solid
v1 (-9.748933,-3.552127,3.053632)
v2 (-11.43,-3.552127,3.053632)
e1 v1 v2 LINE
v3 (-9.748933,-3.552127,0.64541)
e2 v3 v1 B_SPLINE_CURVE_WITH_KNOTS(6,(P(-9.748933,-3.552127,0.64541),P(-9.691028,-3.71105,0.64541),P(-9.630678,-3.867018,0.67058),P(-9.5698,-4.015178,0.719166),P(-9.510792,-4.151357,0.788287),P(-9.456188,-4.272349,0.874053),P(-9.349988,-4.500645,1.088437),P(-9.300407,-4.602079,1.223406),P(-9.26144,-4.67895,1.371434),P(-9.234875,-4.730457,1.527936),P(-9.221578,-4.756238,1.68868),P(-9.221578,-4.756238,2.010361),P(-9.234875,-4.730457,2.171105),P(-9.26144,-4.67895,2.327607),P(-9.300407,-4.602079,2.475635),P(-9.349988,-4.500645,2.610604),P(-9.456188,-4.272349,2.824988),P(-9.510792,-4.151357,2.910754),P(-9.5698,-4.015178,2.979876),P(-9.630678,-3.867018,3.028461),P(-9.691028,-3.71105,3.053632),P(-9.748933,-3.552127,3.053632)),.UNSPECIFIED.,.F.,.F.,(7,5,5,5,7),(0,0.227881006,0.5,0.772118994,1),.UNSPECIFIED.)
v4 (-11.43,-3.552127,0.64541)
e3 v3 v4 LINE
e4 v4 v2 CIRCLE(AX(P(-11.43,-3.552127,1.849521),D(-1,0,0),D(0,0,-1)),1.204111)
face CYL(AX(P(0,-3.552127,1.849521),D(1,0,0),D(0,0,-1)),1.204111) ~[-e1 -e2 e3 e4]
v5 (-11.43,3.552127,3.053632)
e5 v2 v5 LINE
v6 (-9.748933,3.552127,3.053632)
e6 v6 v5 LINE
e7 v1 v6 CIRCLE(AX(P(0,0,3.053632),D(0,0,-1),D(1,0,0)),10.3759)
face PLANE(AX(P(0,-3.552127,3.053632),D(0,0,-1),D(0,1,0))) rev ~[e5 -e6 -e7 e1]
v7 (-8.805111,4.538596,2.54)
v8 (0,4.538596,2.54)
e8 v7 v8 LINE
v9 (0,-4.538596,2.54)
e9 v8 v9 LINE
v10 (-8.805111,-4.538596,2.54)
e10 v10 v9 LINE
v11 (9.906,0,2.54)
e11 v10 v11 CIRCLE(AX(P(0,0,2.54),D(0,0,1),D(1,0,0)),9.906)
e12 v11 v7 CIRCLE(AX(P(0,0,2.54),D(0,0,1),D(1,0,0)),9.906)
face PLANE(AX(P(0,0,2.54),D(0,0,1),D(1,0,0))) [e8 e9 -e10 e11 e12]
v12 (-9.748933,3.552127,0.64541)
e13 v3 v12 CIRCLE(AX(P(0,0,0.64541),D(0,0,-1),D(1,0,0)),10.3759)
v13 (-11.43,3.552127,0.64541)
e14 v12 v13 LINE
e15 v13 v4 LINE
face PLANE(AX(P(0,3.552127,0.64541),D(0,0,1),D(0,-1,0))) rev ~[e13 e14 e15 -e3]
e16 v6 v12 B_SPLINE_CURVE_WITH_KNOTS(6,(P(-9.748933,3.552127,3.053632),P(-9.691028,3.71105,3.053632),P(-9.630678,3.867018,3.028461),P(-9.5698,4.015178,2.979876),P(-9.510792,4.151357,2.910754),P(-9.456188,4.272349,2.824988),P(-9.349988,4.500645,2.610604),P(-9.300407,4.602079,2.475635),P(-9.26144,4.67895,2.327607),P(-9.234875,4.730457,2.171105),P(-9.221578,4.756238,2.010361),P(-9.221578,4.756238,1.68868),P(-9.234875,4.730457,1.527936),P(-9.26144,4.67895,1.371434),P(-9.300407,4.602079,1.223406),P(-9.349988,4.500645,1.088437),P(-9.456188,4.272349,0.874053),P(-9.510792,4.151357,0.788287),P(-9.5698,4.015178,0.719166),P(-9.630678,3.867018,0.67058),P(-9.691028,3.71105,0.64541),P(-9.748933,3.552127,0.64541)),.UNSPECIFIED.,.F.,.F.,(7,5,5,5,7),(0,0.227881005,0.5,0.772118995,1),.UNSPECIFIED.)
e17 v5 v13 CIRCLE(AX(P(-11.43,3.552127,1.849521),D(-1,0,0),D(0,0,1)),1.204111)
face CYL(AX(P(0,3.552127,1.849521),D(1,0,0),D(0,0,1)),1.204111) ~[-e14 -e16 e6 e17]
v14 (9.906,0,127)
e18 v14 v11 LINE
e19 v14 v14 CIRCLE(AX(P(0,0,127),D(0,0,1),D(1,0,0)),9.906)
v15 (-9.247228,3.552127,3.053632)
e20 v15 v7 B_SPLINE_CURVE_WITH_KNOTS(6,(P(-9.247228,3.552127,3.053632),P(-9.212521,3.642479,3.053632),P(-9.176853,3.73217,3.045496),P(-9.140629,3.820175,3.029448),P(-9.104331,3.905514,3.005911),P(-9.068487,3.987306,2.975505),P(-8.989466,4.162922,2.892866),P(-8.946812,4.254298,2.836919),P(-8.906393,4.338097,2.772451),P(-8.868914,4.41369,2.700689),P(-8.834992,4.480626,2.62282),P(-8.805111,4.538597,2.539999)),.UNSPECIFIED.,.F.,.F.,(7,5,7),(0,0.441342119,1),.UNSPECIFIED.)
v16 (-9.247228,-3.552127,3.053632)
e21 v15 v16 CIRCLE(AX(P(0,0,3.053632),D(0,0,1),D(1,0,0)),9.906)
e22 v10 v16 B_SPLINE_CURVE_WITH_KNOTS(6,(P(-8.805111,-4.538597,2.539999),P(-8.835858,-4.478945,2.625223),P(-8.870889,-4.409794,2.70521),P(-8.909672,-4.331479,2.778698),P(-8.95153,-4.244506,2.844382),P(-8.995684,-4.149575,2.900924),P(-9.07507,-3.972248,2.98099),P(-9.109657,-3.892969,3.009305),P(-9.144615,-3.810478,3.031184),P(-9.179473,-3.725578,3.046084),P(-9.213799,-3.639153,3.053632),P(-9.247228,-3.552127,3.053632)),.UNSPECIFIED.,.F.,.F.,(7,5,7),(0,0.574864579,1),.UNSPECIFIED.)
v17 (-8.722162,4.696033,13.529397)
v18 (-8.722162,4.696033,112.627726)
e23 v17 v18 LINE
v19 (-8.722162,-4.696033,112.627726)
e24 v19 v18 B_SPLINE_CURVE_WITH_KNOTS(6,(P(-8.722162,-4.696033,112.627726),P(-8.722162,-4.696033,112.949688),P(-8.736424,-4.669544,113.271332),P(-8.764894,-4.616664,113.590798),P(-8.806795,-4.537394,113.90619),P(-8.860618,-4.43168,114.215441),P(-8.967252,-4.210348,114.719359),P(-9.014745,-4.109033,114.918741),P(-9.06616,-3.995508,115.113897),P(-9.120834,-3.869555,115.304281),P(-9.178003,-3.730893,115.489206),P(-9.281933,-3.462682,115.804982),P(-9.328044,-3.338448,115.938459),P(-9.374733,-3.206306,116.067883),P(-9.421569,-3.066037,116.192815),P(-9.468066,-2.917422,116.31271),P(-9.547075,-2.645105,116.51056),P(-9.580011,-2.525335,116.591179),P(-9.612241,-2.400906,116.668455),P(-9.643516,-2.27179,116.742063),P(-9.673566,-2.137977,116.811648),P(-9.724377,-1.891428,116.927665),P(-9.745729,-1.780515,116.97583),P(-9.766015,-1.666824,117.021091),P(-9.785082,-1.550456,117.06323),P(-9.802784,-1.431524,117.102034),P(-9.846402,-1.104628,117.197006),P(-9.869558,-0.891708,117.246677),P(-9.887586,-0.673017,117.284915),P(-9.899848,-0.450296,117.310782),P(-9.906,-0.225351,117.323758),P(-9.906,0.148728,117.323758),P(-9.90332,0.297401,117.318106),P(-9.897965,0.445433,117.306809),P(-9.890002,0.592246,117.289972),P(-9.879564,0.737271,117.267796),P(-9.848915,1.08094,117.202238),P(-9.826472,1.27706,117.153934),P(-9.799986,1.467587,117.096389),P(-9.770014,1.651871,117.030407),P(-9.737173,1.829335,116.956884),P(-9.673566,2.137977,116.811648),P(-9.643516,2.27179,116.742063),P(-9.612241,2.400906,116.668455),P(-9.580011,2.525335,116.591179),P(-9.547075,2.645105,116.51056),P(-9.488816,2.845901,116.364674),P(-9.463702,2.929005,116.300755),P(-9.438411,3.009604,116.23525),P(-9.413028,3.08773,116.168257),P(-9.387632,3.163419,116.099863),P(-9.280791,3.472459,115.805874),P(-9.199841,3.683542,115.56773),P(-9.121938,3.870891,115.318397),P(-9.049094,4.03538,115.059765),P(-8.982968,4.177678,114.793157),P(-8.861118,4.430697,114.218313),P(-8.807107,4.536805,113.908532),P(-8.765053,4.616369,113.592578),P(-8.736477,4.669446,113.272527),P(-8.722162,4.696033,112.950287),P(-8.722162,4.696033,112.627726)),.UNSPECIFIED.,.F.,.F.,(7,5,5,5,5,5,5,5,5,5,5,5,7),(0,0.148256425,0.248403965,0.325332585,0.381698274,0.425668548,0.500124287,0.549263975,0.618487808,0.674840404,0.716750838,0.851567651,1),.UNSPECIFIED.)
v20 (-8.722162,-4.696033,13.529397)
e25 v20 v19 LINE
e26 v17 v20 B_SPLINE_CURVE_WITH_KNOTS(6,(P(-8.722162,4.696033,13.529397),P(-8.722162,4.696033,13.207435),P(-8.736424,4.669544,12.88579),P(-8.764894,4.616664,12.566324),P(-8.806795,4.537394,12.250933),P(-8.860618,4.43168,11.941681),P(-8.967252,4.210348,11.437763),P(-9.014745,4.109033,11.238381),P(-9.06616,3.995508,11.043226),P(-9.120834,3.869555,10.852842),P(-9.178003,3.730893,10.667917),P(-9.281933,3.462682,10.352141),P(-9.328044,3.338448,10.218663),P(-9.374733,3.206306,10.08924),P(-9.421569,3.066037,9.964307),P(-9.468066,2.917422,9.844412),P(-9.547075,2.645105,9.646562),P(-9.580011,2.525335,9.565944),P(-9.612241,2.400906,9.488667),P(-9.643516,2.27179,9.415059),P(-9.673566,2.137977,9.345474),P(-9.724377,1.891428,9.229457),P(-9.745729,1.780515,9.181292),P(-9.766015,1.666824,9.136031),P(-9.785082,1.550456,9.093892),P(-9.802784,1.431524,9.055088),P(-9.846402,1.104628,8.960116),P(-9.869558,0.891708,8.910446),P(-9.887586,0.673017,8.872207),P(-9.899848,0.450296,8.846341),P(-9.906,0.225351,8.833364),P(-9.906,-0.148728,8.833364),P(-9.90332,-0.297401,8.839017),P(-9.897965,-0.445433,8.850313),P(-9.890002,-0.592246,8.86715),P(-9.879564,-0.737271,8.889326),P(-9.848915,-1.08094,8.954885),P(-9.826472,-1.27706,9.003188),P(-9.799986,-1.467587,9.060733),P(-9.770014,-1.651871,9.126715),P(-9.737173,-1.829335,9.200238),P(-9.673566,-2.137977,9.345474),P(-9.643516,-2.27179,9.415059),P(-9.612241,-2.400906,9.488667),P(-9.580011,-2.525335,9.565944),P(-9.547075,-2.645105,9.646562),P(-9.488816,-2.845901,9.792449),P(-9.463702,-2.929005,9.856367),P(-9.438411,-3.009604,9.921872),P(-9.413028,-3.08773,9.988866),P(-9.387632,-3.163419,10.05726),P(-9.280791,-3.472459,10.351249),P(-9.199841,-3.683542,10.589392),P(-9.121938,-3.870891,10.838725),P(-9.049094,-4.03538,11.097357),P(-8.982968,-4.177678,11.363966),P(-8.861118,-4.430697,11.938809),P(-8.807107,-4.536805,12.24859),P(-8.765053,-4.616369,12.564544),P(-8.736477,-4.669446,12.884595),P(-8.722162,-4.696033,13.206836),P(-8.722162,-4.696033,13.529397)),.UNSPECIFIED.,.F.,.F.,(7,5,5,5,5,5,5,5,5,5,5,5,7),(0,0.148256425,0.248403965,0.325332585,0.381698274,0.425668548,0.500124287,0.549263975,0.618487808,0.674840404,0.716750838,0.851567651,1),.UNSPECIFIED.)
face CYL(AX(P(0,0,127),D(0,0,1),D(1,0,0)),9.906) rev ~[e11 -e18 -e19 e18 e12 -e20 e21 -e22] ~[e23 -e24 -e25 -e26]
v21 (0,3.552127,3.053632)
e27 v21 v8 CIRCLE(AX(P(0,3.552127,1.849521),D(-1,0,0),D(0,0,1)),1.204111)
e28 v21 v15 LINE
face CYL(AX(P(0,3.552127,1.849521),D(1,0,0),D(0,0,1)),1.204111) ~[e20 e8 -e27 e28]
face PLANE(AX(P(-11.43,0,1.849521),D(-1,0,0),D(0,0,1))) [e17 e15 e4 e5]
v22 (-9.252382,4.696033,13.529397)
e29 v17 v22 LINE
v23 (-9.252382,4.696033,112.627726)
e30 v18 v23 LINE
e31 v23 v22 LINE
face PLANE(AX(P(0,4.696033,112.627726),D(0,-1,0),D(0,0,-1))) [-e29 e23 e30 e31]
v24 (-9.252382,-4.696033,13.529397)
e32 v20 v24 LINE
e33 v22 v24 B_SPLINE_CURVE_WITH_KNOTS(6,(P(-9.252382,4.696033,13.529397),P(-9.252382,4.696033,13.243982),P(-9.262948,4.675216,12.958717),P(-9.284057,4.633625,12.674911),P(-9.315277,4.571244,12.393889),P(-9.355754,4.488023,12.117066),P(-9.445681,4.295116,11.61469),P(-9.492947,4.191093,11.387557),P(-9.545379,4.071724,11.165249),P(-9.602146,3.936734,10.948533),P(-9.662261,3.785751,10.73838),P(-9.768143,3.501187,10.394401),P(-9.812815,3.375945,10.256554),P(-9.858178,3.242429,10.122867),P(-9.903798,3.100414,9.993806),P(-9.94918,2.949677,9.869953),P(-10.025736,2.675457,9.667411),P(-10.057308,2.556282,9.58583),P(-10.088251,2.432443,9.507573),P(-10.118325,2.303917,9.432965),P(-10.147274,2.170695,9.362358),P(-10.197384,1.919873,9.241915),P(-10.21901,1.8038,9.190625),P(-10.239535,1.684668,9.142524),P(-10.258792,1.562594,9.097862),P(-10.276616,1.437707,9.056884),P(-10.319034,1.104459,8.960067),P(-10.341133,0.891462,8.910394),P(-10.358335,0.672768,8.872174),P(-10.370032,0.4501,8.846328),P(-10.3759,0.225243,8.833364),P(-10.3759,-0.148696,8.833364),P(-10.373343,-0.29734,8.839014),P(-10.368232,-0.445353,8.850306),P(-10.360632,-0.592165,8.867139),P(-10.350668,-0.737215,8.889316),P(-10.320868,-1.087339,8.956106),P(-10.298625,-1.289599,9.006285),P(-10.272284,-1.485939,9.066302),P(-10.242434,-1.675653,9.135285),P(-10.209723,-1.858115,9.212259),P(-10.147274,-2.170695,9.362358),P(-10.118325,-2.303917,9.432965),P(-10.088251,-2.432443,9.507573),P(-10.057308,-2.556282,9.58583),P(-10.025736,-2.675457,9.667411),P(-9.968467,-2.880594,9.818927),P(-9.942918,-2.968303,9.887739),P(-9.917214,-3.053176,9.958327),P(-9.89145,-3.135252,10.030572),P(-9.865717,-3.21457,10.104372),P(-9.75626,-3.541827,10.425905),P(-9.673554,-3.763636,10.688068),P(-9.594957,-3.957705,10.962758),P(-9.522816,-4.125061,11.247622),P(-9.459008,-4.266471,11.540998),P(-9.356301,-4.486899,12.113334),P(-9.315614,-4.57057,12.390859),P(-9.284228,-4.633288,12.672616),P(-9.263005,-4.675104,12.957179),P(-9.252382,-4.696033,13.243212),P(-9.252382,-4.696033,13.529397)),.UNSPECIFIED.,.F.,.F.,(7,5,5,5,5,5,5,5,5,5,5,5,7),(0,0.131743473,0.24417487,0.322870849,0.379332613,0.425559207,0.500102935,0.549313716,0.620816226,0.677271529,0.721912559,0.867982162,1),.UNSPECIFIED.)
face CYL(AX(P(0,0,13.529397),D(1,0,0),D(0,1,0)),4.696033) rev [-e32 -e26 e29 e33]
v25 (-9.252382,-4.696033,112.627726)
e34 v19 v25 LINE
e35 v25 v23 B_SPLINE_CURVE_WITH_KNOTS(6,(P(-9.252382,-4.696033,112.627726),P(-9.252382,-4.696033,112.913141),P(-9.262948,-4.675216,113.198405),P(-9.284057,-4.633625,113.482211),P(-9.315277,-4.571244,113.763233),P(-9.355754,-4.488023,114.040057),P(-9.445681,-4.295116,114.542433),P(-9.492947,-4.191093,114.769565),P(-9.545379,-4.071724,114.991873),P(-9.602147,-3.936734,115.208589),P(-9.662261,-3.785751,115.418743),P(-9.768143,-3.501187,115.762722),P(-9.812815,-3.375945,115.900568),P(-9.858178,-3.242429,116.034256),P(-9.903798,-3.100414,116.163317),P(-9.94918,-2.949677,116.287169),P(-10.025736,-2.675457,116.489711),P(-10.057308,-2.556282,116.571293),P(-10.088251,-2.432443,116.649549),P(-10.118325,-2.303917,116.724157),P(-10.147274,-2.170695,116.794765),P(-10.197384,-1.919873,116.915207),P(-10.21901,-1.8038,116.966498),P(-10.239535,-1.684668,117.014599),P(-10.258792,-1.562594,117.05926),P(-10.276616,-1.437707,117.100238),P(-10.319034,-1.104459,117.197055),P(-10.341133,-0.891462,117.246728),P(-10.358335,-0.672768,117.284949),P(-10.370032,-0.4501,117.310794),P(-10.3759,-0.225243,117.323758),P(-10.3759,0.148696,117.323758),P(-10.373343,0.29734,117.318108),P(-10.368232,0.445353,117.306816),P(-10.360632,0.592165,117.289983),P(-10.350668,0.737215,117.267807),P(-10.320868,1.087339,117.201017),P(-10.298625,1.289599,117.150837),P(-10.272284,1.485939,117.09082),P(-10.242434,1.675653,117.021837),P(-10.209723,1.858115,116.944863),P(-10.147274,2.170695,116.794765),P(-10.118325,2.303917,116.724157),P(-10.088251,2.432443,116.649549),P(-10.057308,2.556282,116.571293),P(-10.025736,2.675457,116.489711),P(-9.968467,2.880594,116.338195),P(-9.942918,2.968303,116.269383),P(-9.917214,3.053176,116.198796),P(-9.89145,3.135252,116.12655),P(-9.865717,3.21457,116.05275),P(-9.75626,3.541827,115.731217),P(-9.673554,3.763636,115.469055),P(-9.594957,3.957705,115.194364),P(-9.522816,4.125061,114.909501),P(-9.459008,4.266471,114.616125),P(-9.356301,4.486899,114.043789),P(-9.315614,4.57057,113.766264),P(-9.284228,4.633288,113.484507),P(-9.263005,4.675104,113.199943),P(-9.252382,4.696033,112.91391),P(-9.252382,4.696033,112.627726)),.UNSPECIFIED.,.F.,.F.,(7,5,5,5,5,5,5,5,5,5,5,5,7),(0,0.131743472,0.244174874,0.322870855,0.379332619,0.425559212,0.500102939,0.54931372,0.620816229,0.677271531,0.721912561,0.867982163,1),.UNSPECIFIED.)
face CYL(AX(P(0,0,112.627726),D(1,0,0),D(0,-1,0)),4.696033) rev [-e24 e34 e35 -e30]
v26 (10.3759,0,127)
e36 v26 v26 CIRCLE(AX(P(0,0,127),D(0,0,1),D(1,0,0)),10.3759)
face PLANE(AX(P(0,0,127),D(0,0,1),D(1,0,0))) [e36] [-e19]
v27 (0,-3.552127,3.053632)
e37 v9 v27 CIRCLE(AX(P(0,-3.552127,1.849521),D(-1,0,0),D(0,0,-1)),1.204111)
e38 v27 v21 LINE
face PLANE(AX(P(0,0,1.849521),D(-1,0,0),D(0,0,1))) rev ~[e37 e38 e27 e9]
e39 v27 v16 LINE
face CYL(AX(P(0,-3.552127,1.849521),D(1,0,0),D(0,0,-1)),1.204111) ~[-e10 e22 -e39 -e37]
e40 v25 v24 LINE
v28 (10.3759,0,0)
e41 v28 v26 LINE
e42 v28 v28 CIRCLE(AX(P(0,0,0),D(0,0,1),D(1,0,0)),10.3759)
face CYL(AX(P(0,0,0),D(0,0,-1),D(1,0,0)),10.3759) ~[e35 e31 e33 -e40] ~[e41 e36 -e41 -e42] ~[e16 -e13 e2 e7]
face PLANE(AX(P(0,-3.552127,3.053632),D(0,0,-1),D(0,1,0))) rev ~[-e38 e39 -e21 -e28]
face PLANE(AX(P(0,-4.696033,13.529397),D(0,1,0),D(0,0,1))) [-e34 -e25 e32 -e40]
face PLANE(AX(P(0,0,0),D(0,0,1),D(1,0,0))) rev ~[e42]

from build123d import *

# Parameters (mm, degrees)
SKETCH2_R           = 10.3759
BOSS_EXTRUDE1_DEPTH = 127
SKETCH3_R           = 9.906
CUT_EXTRUDE1_DEPTH  = 124.46
CUT_EXTRUDE2_DEPTH  = 12.7
BOSS_EXTRUDE2_DEPTH = 11.43


with BuildPart() as part:
    # Sketch2 → Boss-Extrude1 (new body)
    with BuildSketch(Plane.XY):
        Circle(SKETCH2_R)
    extrude(amount=BOSS_EXTRUDE1_DEPTH)

    # Sketch3 → Cut-Extrude1 (cut)
    with BuildSketch(Plane.XY.offset(127)):
        Circle(SKETCH3_R)
    extrude(amount=-CUT_EXTRUDE1_DEPTH, mode=Mode.SUBTRACT)

    # Sketch4 → Cut-Extrude2 (cut)
    with BuildSketch(Plane(origin=(0, 0, 0), x_dir=(0, 0, -1), z_dir=(1, 0, 0))):
        with BuildLine():
            Line((-112.627725765, 4.69603261), (-13.529396587, 4.69603261))
            ThreePointArc((-13.529396587, 4.69603261), (-8.833363977, 0), (-13.529396587, -4.69603261))
            Line((-13.529396587, -4.69603261), (-112.627725765, -4.69603261))
            ThreePointArc((-112.627725765, -4.69603261), (-117.323758375, 0), (-112.627725765, 4.69603261))
        make_face()
    extrude(amount=-CUT_EXTRUDE2_DEPTH, mode=Mode.SUBTRACT)

    # Sketch5 → Boss-Extrude2 (add)
    with BuildSketch(Plane(origin=(0, 0, 0), x_dir=(0, 0, -1), z_dir=(1, 0, 0))):
        with BuildLine():
            Line((-0.645409683, 3.552127231), (-0.645409683, -3.552127231))
            ThreePointArc((-0.645409683, -3.552127231), (-1.849520609, -4.756238156), (-3.053631534, -3.552127231))
            Line((-3.053631534, -3.552127231), (-3.053631534, 3.552127231))
            ThreePointArc((-3.053631534, 3.552127231), (-1.849520609, 4.756238156), (-0.645409683, 3.552127231))
        make_face()
    extrude(amount=-BOSS_EXTRUDE2_DEPTH)


solid = part.part
